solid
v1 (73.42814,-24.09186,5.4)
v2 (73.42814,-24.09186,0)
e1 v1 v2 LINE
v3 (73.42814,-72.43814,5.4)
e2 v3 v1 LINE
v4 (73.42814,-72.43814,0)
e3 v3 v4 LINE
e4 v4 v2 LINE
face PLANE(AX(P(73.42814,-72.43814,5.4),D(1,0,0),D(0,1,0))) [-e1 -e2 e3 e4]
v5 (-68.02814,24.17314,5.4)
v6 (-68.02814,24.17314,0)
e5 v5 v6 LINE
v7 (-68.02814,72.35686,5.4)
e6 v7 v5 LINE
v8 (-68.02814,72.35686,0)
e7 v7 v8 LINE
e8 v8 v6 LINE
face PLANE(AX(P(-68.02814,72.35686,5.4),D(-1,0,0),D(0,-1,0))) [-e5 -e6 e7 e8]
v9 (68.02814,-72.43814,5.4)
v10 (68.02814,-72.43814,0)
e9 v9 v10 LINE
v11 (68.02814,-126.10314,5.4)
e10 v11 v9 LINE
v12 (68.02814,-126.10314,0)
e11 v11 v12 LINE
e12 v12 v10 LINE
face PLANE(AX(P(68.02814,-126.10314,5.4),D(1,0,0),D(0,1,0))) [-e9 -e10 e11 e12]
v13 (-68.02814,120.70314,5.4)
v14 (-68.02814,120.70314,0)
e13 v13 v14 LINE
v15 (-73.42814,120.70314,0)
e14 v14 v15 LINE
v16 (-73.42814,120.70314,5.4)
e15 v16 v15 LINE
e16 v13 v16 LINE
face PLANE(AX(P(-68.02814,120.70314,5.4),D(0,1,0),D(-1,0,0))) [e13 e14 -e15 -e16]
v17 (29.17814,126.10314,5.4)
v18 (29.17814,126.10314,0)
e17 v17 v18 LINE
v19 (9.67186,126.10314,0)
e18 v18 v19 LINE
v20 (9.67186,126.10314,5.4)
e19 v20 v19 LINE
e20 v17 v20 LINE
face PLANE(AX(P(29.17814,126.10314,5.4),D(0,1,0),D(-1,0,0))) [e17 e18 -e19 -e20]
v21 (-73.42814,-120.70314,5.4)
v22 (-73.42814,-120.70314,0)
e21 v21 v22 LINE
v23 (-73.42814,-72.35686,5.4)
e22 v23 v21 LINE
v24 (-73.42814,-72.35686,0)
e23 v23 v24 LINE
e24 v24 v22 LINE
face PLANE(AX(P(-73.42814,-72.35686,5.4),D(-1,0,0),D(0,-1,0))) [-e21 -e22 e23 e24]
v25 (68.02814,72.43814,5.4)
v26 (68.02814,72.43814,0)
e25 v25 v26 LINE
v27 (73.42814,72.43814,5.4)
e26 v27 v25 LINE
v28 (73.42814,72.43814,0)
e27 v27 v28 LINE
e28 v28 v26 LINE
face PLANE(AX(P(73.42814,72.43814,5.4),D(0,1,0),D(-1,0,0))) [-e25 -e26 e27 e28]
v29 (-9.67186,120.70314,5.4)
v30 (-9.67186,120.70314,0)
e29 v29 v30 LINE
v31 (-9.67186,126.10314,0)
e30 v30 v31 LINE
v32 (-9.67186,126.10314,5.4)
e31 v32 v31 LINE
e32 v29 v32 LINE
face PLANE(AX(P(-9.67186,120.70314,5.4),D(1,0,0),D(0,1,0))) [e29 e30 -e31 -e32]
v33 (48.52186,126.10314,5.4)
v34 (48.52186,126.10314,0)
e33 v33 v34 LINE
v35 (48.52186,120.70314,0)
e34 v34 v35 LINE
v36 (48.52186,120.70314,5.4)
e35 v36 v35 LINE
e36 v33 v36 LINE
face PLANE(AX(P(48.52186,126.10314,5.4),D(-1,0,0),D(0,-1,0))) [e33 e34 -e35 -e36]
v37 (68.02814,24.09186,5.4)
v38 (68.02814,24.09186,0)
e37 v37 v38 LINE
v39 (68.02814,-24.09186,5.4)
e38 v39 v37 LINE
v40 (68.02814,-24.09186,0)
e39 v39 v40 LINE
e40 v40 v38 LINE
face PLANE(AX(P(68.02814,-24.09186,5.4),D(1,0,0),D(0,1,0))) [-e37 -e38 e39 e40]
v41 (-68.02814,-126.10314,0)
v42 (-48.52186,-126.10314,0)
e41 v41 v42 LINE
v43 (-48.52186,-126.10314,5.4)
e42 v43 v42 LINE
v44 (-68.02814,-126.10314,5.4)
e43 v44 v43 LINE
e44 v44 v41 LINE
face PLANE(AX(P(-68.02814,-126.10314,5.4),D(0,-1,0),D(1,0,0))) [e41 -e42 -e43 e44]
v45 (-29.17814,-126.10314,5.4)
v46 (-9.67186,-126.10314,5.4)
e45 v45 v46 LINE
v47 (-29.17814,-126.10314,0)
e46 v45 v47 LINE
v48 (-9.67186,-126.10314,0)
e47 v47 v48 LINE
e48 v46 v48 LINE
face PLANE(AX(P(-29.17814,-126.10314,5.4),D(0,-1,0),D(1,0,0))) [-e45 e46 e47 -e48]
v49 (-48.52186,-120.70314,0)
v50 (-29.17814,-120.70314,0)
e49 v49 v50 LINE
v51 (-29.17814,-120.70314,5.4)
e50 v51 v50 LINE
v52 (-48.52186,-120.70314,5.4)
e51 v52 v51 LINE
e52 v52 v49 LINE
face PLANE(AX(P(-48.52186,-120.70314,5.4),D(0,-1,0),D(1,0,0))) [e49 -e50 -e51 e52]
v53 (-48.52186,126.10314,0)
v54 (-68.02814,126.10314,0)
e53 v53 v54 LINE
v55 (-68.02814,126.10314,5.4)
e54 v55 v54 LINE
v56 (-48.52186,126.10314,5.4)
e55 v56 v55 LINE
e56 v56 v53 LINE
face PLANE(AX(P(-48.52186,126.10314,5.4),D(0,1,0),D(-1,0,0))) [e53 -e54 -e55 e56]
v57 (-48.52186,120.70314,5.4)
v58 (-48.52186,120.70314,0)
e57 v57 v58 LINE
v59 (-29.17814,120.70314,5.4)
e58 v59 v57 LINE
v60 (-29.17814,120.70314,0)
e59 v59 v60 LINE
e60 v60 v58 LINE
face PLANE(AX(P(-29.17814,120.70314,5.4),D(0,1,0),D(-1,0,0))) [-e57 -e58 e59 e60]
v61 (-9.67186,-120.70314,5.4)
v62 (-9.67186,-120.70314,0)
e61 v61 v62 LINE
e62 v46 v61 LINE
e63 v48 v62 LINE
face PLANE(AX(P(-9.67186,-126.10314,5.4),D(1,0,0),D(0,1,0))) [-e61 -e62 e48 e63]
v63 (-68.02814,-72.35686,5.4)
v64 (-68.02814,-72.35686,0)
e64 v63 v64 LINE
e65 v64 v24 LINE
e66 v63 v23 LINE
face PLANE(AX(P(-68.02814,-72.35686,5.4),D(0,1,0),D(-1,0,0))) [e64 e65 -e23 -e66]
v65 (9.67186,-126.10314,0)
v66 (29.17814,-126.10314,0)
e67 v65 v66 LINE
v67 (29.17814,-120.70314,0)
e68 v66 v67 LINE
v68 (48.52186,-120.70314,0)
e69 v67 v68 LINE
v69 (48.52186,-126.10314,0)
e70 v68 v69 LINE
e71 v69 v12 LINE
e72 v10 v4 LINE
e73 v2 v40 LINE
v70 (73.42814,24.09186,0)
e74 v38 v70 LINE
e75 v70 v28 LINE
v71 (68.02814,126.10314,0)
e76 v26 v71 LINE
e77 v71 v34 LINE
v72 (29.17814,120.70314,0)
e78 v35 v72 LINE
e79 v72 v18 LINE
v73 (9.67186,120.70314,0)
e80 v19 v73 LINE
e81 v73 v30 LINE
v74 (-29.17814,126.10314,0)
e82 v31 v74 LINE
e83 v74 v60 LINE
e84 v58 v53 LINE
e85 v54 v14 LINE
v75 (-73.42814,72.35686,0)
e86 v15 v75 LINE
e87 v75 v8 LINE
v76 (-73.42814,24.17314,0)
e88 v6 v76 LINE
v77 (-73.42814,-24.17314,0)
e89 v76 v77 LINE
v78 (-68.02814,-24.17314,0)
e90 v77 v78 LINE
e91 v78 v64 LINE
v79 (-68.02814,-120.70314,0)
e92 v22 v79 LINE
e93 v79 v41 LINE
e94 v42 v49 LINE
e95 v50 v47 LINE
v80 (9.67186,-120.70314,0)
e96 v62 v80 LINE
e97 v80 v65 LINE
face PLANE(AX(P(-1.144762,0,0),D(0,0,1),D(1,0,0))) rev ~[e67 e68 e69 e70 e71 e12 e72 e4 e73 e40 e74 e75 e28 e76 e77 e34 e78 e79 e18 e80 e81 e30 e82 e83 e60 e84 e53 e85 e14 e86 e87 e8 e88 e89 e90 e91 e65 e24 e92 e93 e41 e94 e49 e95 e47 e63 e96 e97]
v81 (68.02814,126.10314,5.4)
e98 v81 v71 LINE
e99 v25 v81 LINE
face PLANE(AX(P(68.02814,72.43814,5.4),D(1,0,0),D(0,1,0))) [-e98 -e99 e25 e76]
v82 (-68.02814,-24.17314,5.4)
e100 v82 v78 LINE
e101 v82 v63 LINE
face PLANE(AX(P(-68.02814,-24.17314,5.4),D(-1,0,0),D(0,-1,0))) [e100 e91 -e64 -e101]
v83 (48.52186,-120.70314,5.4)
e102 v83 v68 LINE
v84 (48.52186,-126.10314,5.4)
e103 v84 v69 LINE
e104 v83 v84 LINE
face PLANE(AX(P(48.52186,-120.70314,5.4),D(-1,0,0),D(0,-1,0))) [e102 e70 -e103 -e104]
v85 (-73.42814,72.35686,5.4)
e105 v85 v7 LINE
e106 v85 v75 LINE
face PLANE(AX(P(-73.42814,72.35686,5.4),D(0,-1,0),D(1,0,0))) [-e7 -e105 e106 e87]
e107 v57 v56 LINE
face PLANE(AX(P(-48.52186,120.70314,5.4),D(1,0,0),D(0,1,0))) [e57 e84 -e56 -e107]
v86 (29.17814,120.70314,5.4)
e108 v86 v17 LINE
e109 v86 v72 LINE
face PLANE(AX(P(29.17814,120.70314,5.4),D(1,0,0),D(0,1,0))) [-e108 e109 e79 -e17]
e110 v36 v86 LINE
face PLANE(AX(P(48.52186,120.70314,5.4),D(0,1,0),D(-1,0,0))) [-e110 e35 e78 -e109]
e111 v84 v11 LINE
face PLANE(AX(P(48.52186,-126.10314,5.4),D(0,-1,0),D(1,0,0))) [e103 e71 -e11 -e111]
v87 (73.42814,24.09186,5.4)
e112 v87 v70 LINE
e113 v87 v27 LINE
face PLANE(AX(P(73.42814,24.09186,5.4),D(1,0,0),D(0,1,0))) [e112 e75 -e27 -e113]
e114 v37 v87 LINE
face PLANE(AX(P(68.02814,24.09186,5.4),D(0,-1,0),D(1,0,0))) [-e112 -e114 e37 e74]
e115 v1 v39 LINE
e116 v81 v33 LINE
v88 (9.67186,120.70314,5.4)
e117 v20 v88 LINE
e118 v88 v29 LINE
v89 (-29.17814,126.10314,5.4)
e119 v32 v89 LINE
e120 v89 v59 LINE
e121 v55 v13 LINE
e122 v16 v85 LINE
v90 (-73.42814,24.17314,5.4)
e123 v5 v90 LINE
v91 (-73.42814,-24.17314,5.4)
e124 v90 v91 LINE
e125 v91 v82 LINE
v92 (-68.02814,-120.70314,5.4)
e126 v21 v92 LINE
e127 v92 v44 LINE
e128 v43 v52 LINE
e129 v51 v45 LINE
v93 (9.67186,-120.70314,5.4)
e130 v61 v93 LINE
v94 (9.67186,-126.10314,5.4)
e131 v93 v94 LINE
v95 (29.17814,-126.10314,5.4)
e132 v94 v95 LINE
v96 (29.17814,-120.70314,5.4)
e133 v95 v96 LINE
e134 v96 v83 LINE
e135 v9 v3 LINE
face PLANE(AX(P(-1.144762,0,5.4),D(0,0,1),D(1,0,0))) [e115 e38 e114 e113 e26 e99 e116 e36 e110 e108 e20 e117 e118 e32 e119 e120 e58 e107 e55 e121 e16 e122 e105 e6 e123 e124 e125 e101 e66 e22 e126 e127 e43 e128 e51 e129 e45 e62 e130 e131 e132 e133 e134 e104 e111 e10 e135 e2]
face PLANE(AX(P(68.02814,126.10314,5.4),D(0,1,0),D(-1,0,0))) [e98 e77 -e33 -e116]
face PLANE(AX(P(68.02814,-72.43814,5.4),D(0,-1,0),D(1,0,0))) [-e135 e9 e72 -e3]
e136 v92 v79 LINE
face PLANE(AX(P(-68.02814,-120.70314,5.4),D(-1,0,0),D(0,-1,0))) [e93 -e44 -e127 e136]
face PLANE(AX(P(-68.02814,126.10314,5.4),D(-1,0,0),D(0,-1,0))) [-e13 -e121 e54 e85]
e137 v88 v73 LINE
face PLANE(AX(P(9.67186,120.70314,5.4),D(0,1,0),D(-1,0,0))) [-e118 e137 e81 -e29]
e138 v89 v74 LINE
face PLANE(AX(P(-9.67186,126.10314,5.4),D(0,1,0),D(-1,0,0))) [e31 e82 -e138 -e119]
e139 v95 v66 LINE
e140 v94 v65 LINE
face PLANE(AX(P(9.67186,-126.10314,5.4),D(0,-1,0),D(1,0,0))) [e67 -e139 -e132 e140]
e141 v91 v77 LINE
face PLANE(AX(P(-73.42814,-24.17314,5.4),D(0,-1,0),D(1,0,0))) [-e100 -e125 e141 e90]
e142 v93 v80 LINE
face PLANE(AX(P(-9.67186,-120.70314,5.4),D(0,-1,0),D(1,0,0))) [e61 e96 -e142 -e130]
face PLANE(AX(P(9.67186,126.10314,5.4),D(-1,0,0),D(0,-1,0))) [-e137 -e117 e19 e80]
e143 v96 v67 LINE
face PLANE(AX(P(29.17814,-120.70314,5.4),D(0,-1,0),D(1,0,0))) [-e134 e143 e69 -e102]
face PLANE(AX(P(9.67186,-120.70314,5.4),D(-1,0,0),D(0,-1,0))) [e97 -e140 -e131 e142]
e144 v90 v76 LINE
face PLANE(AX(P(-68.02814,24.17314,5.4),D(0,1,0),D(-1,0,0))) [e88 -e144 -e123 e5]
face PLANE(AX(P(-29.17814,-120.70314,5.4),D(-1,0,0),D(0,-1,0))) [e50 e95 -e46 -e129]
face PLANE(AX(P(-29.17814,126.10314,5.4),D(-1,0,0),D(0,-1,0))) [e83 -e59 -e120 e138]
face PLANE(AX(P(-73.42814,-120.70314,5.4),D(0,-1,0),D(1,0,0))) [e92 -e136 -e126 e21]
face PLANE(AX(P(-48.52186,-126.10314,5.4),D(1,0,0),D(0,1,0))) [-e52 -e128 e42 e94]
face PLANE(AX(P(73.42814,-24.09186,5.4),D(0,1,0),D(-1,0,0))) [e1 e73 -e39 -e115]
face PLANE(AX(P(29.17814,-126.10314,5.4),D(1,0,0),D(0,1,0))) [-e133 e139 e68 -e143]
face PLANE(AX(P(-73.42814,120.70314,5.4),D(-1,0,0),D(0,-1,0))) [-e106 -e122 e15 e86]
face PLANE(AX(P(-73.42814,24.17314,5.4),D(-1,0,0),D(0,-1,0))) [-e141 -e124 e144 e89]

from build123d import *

# Parameters (mm, degrees)
SKETCH1_W           = 135.975
SKETCH1_H           = 241.325
SKETCH1_W_2         = 19.425
SKETCH1_H_2         = 5.4
SKETCH1_W_3         = 5.4
SKETCH1_H_3         = 48.265
BOSS_EXTRUDE1_DEPTH = 5.4
BOSS_EXTRUDE2_DEPTH = 5.4


with BuildPart() as part:
    # Sketch1 → Boss-Extrude1 (new body)
    with BuildSketch(Plane.XY):
        Rectangle(SKETCH1_W, SKETCH1_H)
        with Locations((58.275, 123.3625)):
            Rectangle(SKETCH1_W_2, SKETCH1_H_2)
        with Locations((19.425, 123.3625)):
            Rectangle(SKETCH1_W_2, SKETCH1_H_2)
        with Locations((-19.425, 123.3625)):
            Rectangle(SKETCH1_W_2, SKETCH1_H_2)
        with Locations((-70.6875, 96.53)):
            Rectangle(SKETCH1_W_3, SKETCH1_H_3)
        with Locations((-58.275, 123.3625)):
            Rectangle(SKETCH1_W_2, SKETCH1_H_2)
        with Locations((70.6875, 48.265)):
            Rectangle(SKETCH1_W_3, SKETCH1_H_3)
        with Locations((-70.6875, 0)):
            Rectangle(SKETCH1_W_3, SKETCH1_H_3)
        with Locations((70.6875, -48.265)):
            Rectangle(SKETCH1_W_3, SKETCH1_H_3)
        with Locations((-70.6875, -96.53)):
            Rectangle(SKETCH1_W_3, SKETCH1_H_3)
        with Locations((-58.275, -123.3625)):
            Rectangle(SKETCH1_W_2, SKETCH1_H_2)
        with Locations((-19.425, -123.3625)):
            Rectangle(SKETCH1_W_2, SKETCH1_H_2)
        with Locations((19.425, -123.3625)):
            Rectangle(SKETCH1_W_2, SKETCH1_H_2)
        with Locations((58.275, -123.3625)):
            Rectangle(SKETCH1_W_2, SKETCH1_H_2)
    extrude(amount=BOSS_EXTRUDE1_DEPTH)

    # Sketch2 → Boss-Extrude2 (add)
    with BuildSketch(Plane.XY.offset(5.4)):
        Polygon((-48.52186, -120.70314), (-29.17814, -120.70314), (-29.17814, -126.10314), (-9.67186, -126.10314), (-9.67186, -120.70314), (9.67186, -120.70314), (9.67186, -126.10314), (29.17814, -126.10314), (29.17814, -120.70314), (48.52186, -120.70314), (48.52186, -126.10314), (68.02814, -126.10314), (68.02814, -72.43814), (73.42814, -72.43814), (73.42814, -24.09186), (68.02814, -24.09186), (68.02814, 24.09186), (73.42814, 24.09186), (73.42814, 72.43814), (68.02814, 72.43814), (68.02814, 126.10314), (48.52186, 126.10314), (48.52186, 120.70314), (29.17814, 120.70314), (29.17814, 126.10314), (9.67186, 126.10314), (9.67186, 120.70314), (-9.67186, 120.70314), (-9.67186, 126.10314), (-29.17814, 126.10314), (-29.17814, 120.70314), (-48.52186, 120.70314), (-48.52186, 126.10314), (-68.02814, 126.10314), (-68.02814, 120.70314), (-73.42814, 120.70314), (-73.42814, 72.35686), (-68.02814, 72.35686), (-68.02814, 24.17314), (-73.42814, 24.17314), (-73.42814, -24.17314), (-68.02814, -24.17314), (-68.02814, -72.35686), (-73.42814, -72.35686), (-73.42814, -120.70314), (-68.02814, -120.70314), (-68.02814, -126.10314), (-48.52186, -126.10314), align=None)
    extrude(amount=-BOSS_EXTRUDE2_DEPTH)


solid = part.part
